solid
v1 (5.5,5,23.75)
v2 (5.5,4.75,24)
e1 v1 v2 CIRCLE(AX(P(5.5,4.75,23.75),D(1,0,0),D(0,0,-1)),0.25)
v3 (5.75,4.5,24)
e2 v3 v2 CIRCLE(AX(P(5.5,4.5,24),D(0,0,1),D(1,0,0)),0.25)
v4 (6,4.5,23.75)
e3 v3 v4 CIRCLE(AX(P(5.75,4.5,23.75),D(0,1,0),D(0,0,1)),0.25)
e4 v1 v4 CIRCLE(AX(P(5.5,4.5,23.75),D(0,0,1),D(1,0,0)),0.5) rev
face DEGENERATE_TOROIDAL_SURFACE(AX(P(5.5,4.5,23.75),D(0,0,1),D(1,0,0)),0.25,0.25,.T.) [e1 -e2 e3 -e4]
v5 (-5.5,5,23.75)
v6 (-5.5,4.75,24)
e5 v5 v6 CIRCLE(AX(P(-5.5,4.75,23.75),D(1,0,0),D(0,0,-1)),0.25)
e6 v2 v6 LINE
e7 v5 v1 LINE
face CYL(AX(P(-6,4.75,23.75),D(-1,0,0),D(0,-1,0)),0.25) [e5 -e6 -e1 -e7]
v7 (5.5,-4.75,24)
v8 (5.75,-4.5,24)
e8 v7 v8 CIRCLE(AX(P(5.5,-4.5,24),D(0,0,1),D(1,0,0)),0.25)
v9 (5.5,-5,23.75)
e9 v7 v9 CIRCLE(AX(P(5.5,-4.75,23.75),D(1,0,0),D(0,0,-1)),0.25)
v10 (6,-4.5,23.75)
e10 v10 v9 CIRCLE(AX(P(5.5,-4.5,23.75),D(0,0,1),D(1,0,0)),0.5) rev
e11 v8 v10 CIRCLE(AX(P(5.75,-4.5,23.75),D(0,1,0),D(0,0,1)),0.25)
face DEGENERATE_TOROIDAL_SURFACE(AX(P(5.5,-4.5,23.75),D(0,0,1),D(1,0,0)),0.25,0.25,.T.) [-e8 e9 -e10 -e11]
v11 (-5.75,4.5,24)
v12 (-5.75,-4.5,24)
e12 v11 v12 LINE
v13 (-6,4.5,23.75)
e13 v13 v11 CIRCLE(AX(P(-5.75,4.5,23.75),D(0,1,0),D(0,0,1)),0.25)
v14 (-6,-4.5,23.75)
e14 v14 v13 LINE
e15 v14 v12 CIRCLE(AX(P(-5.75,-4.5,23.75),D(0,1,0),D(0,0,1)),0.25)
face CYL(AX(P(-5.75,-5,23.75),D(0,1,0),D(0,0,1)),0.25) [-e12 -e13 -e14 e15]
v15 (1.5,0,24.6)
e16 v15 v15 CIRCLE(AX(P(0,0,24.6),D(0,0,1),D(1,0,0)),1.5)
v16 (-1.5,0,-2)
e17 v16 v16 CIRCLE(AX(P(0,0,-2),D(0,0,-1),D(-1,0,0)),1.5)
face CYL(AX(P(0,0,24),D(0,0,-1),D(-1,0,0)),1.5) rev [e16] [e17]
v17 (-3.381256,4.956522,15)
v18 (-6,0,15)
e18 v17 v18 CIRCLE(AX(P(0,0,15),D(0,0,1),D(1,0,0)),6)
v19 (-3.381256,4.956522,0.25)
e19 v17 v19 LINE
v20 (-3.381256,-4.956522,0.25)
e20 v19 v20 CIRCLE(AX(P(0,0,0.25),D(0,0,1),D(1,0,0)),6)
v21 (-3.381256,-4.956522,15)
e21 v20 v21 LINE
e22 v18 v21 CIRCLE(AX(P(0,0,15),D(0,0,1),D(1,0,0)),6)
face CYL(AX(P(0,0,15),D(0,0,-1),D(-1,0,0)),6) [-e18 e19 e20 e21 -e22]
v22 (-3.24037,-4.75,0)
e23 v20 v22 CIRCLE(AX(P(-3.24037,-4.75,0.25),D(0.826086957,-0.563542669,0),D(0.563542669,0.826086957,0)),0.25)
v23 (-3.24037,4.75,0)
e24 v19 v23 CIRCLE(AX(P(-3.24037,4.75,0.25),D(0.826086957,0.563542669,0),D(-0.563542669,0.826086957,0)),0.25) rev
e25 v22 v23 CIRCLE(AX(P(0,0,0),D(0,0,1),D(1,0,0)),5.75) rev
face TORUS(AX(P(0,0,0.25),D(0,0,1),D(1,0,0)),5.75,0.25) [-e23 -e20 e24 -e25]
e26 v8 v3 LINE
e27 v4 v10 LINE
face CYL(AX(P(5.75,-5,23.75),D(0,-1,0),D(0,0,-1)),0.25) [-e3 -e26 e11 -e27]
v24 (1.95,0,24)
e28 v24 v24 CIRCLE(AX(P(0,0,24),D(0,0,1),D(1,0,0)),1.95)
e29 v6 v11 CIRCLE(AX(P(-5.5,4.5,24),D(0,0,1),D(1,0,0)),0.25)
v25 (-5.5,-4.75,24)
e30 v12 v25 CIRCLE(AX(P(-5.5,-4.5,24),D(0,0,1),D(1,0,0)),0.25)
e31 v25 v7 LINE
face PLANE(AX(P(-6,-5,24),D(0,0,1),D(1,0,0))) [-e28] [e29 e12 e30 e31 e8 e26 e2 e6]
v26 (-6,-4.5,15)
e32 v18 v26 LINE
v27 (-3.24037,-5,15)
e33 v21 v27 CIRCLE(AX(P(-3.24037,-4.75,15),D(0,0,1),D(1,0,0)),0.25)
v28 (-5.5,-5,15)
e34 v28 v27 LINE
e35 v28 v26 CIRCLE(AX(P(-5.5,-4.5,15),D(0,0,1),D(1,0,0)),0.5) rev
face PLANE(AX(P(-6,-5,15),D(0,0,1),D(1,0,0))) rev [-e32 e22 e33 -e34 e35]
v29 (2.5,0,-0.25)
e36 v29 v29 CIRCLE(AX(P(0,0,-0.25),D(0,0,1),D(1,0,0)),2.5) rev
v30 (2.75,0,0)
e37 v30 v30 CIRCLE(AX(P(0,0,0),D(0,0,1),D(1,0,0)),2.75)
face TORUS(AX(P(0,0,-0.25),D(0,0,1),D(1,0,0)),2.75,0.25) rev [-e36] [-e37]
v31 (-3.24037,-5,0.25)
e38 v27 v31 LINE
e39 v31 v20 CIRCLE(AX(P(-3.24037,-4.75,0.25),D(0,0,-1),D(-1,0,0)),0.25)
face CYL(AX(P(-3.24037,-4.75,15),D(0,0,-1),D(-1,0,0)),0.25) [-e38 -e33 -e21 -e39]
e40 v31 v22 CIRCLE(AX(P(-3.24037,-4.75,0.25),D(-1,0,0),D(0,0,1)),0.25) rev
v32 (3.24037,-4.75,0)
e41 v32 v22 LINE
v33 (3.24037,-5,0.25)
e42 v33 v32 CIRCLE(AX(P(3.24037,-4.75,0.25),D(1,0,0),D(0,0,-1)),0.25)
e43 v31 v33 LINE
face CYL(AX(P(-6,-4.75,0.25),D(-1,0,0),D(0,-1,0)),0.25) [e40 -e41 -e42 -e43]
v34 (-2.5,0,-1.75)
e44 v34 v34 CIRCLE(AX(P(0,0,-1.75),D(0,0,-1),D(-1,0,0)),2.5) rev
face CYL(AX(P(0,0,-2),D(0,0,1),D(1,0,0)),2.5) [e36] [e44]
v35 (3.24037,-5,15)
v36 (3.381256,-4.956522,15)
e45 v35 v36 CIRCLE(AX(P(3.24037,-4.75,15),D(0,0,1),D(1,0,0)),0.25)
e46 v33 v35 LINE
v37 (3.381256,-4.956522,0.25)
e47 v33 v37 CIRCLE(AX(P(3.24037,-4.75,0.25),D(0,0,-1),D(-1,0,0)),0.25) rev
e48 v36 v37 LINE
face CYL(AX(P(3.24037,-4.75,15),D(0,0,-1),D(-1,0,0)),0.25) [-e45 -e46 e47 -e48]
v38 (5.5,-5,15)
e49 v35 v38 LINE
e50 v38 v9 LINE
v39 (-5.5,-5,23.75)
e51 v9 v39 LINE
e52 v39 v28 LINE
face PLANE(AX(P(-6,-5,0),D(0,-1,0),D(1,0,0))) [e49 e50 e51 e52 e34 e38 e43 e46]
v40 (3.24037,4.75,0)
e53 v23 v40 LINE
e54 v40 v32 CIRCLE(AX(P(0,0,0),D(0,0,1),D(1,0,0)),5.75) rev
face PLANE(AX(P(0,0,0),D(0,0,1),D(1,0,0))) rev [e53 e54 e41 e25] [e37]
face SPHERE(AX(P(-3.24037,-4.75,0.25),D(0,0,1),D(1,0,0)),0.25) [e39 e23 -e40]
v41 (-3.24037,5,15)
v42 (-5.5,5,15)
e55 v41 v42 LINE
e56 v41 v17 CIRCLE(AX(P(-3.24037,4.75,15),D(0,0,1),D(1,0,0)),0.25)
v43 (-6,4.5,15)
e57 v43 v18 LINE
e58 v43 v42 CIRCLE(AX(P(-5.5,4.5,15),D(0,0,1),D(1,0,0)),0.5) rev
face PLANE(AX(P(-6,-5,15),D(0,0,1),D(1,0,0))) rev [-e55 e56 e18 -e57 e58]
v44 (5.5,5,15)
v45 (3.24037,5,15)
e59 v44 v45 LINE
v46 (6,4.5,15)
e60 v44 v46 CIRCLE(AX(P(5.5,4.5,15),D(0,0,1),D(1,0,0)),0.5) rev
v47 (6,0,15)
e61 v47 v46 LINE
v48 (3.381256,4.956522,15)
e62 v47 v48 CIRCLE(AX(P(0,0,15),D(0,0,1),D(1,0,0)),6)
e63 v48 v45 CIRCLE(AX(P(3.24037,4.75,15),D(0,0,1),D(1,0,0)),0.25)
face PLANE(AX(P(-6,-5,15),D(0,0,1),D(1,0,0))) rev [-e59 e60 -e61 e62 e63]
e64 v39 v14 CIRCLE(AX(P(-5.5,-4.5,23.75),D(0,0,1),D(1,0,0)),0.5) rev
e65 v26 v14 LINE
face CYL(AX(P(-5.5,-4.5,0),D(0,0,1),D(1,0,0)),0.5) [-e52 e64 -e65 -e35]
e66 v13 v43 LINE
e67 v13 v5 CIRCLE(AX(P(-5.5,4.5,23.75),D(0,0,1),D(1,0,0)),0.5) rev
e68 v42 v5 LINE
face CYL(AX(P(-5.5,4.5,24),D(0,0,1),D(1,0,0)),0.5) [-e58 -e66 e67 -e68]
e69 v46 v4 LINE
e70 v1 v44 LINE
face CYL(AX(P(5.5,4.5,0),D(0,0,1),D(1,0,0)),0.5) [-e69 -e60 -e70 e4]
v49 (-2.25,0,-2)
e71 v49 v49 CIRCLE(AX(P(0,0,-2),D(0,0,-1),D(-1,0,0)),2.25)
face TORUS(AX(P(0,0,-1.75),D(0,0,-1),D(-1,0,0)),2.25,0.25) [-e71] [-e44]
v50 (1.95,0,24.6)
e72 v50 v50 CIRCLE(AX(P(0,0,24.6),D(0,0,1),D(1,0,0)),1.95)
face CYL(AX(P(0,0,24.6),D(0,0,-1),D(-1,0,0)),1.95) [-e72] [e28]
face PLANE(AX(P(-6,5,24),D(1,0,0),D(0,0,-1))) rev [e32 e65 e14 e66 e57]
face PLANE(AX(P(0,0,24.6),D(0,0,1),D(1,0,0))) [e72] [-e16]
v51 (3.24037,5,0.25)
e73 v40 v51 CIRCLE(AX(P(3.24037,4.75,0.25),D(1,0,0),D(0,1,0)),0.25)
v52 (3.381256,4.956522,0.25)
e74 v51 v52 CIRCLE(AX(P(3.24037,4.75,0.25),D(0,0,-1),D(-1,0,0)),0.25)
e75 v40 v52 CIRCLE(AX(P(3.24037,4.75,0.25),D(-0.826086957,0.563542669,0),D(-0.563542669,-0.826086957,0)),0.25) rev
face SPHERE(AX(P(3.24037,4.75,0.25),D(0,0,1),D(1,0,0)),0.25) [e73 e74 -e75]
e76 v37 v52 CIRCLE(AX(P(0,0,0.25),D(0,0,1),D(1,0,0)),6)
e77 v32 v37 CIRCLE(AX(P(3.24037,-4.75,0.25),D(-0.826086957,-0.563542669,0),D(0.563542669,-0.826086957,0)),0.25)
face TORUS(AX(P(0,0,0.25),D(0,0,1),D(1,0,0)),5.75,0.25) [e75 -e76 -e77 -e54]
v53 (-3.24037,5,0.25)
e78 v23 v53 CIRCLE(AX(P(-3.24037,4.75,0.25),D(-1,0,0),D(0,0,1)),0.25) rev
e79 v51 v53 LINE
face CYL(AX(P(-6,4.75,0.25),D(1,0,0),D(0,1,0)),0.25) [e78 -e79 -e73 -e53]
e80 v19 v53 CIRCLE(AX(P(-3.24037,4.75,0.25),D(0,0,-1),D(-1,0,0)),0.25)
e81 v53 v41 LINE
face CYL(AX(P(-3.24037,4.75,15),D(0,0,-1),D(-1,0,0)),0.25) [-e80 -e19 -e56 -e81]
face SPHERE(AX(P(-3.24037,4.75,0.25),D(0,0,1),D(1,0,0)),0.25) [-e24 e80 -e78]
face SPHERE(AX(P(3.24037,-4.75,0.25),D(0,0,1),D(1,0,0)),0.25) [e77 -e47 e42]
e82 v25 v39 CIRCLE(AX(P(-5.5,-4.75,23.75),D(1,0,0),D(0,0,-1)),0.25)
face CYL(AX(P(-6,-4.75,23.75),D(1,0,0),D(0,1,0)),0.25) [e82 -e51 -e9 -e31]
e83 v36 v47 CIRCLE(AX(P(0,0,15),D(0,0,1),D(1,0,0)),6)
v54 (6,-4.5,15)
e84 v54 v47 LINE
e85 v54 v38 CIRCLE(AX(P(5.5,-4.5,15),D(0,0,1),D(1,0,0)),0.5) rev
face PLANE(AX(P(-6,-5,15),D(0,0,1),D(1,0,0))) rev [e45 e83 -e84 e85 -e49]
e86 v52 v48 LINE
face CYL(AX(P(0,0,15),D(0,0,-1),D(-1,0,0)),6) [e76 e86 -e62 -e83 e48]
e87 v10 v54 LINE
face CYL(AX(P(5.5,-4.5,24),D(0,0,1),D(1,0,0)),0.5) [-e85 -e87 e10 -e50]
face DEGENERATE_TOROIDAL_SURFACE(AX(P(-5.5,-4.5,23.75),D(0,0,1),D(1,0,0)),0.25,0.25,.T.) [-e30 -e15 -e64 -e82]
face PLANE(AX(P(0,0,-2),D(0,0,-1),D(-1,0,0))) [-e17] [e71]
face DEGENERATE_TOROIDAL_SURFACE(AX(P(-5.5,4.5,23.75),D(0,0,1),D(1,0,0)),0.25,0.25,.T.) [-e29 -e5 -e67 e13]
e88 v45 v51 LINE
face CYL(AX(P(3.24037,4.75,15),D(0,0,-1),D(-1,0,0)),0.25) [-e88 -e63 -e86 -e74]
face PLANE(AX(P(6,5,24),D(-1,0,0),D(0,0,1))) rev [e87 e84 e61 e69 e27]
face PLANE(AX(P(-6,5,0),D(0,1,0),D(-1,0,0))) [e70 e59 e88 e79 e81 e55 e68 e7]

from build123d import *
from build123d.topology import SkipClean

# Parameters (mm, degrees)
SKETCH_1_R           = 6
EXTRUDE_1_DEPTH      = 15
SKETCH_2_OUTSIDE_W   = 18.53
SKETCH_2_OUTSIDE_H   = 18.53
SKETCH_2_OUTSIDE_W_2 = 12
SKETCH_2_OUTSIDE_H_2 = 10
CUT_EXTRUDE_3_DEPTH  = 15
SKETCH_2_3_W         = 12
SKETCH_2_3_H         = 10
EXTRUDE_2_DEPTH      = 9
FILLET_1_R           = 0.5
SKETCH_4_R           = 2.5
EXTRUDE_3_DEPTH      = 2
SKETCH_5_R           = 1.5
CUT_EXTRUDE_4_DEPTH  = 28.147743921
FILLET_2_R           = 0.25
FILLET_3_R           = 0.25
SKETCH_6_R           = 1.95
SKETCH_6_R_2         = 1.5
EXTRUDE_4_DEPTH      = 0.6


with BuildPart() as part:
    # Эскиз1 → Бобышка-Вытянуть1 (new body)
    with BuildSketch(Plane.XY):
        Circle(SKETCH_1_R)
    extrude(amount=EXTRUDE_1_DEPTH)

    # Эскиз2 outside → Вырез-Вытянуть3 (cut)
    with BuildSketch(Plane.XY.offset(15)):
        Rectangle(SKETCH_2_OUTSIDE_W, SKETCH_2_OUTSIDE_H)
        Rectangle(SKETCH_2_OUTSIDE_W_2, SKETCH_2_OUTSIDE_H_2, mode=Mode.SUBTRACT)
    extrude(amount=-CUT_EXTRUDE_3_DEPTH, mode=Mode.SUBTRACT)

    # Эскиз2<3> → Бобышка-Вытянуть2 (add)
    with BuildSketch(Plane.XY.offset(15)):
        Rectangle(SKETCH_2_3_W, SKETCH_2_3_H)
    extrude(amount=EXTRUDE_2_DEPTH)

    # Скругление1
    fillet_1_edges = [part.edges().sort_by_distance(p)[0] for p in [
        (6, 5, 19.5),
        (-6, 5, 19.5),
        (-6, -5, 19.5),
        (6, -5, 19.5),
    ]]
    fillet(fillet_1_edges, radius=FILLET_1_R)

    # Эскиз4 → Бобышка-Вытянуть3 (add)
    with BuildSketch(Plane(origin=(0, 0, 0), x_dir=(-1, 0, 0), z_dir=(0, 0, -1))):
        Circle(SKETCH_4_R)
    extrude(amount=EXTRUDE_3_DEPTH)

    # Эскиз5 → Вырез-Вытянуть4 (cut, through all)
    with BuildSketch(Plane(origin=(0, 0, -2), x_dir=(-1, 0, 0), z_dir=(0, 0, -1))):
        Circle(SKETCH_5_R)
    extrude(amount=-CUT_EXTRUDE_4_DEPTH, mode=Mode.SUBTRACT)

    # Скругление2
    fillet_2_edges = [part.edges().sort_by_distance(p)[0] for p in [
        (5.853553391, 4.853553391, 24),
        (6, 0, 24),
        (5.853553391, -4.853553391, 24),
        (0, -5, 24),
        (-5.853553391, -4.853553391, 24),
        (-6, 0, 24),
        (-5.853553391, 4.853553391, 24),
        (0, 5, 24),
    ]]
    fillet(fillet_2_edges, radius=FILLET_2_R)

    # Скругление3
    fillet_3_edges = [part.edges().sort_by_distance(p)[0] for p in [
        (2.5, 0, -2),
        (2.5, 0, 0),
        (3.31662479, -5, 7.5),
        (-3.31662479, -5, 7.5),
        (-3.31662479, 5, 7.5),
        (3.31662479, 5, 7.5),
        (6, 0, 0),
        (-6, 0, 0),
        (0, -5, 0),
        (0, 5, 0),
    ]]
    fillet(fillet_3_edges, radius=FILLET_3_R)

    # Эскиз6 → Бобышка-Вытянуть4 (add)
    with SkipClean():  # the faces are left unmerged after this step: merging them gives an invalid solid
        with BuildSketch(Plane.XY.offset(24)):
            Circle(SKETCH_6_R)
            Circle(SKETCH_6_R_2, mode=Mode.SUBTRACT)
        extrude(amount=EXTRUDE_4_DEPTH)


solid = part.part
